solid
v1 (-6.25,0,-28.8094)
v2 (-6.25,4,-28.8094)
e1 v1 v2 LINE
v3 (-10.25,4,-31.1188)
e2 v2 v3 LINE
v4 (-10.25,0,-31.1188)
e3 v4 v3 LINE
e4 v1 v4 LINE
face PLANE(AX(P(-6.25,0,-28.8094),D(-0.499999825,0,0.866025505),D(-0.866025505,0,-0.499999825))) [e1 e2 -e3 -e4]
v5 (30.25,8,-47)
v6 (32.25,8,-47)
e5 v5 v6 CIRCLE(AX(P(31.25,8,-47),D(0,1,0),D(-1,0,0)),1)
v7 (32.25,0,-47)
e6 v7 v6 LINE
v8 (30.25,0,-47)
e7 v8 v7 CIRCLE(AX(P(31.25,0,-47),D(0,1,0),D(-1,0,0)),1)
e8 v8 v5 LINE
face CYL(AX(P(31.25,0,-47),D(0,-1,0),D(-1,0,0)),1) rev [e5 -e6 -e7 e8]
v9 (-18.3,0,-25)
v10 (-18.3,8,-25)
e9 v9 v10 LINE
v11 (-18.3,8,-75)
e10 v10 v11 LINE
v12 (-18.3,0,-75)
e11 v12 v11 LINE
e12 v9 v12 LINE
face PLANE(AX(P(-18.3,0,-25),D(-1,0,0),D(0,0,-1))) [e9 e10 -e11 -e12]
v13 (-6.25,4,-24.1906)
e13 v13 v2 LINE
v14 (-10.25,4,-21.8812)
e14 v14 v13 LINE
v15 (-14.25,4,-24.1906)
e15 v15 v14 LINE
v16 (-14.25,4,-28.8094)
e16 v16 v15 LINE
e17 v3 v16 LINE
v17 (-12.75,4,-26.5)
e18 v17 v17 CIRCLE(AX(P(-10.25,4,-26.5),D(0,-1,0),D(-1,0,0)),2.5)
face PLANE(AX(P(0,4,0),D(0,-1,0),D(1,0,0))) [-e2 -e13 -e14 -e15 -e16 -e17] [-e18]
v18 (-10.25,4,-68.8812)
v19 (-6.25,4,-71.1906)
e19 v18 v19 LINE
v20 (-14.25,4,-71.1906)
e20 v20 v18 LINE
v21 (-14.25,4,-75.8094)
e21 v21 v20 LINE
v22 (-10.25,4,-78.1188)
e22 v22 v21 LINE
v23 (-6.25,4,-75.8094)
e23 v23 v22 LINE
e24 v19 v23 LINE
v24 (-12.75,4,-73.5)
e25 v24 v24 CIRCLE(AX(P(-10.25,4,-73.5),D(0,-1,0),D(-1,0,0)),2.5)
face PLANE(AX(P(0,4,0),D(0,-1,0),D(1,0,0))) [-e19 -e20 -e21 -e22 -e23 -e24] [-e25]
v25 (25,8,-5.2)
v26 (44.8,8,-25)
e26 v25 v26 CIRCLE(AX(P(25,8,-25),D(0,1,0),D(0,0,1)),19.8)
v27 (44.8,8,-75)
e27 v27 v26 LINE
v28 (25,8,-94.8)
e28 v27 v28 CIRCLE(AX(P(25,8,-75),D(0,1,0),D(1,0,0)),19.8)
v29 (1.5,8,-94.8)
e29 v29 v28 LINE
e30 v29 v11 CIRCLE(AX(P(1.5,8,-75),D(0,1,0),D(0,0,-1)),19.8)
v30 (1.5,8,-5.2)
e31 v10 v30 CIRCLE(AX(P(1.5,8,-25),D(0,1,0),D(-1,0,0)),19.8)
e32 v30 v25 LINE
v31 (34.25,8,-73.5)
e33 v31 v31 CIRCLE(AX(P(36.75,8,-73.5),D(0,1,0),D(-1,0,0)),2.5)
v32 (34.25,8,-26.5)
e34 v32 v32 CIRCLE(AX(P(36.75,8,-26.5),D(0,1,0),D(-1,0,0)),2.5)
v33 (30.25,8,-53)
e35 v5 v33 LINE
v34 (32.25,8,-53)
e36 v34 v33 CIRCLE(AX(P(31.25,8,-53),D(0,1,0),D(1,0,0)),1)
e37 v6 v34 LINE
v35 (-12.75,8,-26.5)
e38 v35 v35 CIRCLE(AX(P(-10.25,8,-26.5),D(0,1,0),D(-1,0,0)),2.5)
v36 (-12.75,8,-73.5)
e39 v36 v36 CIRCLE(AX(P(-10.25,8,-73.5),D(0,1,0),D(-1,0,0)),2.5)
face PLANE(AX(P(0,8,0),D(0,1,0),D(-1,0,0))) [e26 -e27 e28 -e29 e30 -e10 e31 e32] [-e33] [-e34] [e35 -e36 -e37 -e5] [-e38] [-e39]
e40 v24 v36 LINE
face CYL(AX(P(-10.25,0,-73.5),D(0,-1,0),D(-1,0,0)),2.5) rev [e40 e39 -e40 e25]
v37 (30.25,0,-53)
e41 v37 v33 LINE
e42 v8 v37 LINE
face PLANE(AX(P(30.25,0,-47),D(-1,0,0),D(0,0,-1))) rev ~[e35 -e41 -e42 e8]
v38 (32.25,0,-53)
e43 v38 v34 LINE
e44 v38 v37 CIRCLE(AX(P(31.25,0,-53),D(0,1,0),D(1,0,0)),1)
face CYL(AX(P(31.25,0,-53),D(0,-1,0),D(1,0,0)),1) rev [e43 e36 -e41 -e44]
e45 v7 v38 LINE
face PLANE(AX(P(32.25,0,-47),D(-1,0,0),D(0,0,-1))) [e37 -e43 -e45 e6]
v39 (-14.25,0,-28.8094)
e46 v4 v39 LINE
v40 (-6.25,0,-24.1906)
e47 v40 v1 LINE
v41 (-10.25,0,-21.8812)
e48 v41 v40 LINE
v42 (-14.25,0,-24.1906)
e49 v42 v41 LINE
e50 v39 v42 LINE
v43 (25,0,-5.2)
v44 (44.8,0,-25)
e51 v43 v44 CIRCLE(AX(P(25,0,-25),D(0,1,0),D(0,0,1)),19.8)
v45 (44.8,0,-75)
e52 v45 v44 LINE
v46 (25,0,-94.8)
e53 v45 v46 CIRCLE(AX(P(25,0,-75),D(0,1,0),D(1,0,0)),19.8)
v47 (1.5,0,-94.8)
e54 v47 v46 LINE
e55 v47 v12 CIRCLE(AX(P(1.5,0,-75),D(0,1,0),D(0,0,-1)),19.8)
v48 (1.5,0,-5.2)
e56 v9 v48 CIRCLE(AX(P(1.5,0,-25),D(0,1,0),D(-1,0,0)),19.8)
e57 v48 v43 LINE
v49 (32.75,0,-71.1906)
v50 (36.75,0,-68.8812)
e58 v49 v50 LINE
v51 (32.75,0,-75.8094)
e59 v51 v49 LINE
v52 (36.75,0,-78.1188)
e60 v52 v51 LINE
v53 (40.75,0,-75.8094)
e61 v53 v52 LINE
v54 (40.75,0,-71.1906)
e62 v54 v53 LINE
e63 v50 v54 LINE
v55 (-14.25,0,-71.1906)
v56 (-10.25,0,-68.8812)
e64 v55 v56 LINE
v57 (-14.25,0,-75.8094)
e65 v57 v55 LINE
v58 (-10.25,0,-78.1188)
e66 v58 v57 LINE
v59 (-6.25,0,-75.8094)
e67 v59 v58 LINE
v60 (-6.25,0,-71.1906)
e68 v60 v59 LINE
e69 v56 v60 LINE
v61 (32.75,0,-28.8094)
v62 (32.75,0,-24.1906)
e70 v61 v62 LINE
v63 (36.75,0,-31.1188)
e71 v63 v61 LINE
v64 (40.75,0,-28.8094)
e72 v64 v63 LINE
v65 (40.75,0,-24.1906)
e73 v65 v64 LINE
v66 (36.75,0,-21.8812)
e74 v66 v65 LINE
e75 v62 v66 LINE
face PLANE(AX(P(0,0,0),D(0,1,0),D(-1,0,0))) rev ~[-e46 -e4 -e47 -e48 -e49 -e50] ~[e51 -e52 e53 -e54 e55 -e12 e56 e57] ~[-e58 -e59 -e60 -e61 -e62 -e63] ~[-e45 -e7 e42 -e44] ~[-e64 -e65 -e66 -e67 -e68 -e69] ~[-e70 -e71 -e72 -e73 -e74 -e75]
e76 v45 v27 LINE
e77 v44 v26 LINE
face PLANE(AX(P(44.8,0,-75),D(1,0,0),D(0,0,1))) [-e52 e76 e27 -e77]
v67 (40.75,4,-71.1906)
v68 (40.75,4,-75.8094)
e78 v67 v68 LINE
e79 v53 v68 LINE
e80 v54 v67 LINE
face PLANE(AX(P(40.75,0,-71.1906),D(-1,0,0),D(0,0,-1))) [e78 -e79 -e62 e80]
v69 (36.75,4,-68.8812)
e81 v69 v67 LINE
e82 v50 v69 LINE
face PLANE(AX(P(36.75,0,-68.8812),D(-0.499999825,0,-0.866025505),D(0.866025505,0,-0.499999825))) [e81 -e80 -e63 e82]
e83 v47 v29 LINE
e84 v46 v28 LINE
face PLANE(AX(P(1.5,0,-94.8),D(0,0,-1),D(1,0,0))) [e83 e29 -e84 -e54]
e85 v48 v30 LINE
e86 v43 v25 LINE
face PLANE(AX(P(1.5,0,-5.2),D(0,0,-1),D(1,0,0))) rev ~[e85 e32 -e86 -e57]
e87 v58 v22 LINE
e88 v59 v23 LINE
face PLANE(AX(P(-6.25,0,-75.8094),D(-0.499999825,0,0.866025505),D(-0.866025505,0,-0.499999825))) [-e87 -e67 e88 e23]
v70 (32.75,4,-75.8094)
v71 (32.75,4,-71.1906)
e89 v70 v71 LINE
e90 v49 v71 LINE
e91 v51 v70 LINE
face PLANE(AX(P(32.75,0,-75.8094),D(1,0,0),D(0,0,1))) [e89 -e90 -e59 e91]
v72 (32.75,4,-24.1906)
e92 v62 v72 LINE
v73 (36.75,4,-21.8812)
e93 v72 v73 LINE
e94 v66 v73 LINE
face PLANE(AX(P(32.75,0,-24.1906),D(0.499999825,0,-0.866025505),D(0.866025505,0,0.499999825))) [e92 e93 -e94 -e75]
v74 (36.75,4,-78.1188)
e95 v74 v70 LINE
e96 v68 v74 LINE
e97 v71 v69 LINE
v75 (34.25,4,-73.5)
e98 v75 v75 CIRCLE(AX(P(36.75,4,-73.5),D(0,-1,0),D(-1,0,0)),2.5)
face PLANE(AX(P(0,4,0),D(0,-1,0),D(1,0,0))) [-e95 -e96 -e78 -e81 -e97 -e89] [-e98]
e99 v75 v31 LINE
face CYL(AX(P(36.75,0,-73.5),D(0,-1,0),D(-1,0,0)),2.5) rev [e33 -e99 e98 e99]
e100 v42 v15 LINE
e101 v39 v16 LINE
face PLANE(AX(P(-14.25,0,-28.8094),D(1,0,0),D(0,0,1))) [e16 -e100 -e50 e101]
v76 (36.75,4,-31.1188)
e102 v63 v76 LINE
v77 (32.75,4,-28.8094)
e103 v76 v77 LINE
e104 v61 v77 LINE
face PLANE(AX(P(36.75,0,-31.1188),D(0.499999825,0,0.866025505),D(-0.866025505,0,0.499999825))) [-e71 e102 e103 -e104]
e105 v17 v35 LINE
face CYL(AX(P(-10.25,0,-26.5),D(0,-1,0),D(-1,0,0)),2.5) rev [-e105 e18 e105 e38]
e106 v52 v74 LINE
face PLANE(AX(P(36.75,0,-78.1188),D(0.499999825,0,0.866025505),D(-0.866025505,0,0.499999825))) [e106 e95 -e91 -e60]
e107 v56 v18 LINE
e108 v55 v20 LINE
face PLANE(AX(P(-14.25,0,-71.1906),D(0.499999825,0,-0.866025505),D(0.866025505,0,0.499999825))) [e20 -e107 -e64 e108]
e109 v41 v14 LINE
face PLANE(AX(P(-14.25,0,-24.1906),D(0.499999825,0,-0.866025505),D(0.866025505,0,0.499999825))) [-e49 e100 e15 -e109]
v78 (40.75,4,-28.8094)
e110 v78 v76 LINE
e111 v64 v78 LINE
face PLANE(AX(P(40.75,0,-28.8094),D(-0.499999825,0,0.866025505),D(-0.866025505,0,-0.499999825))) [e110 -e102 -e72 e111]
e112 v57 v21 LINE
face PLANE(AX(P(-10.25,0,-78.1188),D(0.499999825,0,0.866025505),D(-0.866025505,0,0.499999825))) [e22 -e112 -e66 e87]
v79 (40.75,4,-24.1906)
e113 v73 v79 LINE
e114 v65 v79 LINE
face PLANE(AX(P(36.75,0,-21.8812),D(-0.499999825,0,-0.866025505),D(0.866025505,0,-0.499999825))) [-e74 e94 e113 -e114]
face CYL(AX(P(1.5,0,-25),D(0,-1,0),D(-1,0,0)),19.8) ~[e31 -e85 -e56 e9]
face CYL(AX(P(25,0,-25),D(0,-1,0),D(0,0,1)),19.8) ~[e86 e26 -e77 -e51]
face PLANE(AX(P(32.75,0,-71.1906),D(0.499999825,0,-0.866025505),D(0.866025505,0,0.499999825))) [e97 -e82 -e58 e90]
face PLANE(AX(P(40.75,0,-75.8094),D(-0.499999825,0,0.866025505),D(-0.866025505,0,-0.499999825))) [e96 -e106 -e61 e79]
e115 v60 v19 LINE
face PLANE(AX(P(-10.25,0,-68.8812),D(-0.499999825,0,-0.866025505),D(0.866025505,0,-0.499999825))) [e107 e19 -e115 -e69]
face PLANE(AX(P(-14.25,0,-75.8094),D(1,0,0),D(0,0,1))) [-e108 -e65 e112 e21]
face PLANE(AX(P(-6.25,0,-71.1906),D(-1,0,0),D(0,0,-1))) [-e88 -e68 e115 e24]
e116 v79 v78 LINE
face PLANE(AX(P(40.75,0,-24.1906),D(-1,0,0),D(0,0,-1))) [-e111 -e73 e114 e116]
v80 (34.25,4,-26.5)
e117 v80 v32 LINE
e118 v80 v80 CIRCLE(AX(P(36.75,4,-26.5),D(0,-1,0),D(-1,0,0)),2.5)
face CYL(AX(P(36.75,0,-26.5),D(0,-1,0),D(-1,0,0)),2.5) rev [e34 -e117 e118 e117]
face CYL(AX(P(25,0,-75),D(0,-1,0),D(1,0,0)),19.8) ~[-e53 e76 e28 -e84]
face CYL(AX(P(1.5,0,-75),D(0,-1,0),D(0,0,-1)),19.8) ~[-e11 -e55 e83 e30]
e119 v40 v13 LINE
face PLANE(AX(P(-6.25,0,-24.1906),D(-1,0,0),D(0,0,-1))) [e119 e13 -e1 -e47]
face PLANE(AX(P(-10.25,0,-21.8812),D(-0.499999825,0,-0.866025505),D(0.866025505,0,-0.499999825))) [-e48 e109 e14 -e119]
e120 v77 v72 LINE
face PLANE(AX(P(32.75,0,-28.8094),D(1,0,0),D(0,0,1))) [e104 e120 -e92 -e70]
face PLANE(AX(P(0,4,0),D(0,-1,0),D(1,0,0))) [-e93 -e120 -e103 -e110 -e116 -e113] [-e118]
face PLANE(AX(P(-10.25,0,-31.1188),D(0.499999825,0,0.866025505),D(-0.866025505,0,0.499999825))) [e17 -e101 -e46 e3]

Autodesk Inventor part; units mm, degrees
ref_plane "YZ Plane" through (0, 0, 0) normal (1, 0, 0) x (0, 1, 0)
ref_plane "XZ Plane" through (0, 0, 0) normal (0, 1, 0) x (-1, 0, 0)
ref_plane "XY Plane" through (0, 0, 0) normal (0, 0, 1) x (1, 0, 0)
sketch "Sketch1" plane through (0, 0, 0) normal (0, 1, 0) x (-1, 0, 0)
  line L0 (-44.8, -75) -> (-44.8, -25)
  arc A0 (-25, -5.2) -> (-44.8, -25) centre (-25, -25) ccw
  arc A1 (-44.8, -75) -> (-25, -94.8) centre (-25, -75) ccw
  circle A2 centre (10.25, -26.5) radius 2.5
  circle A3 centre (10.25, -73.5) radius 2.5
  circle A4 centre (-36.75, -73.5) radius 2.5
  circle A5 centre (-36.75, -26.5) radius 2.5
  arc A6 (18.3, -25) -> (-1.5, -5.2) centre (-1.5, -25) ccw
  arc A7 (-1.5, -94.8) -> (18.3, -75) centre (-1.5, -75) ccw
  line L1 (18.3, -25) -> (18.3, -75)
  arc A8 (-30.25, -47) -> (-32.25, -47) centre (-31.25, -47) ccw
  arc A9 (-32.25, -53) -> (-30.25, -53) centre (-31.25, -53) ccw
  line L2 (-30.25, -47) -> (-30.25, -53)
  line L3 (-32.25, -47) -> (-32.25, -53)
  line L4 (-1.5, -5.2) -> (-25, -5.2)
  line L5 (-1.5, -94.8) -> (-25, -94.8)
  point P0 (0, 0)
  point P1 (0, 0)
  point P2 (47, 5)
  point P3 (47, 93)
  point P4 (47, 95)
  point P5 (47, 25)
  point P6 (45, 25)
  point P7 (45, 75)
  point P8 (47, 75)
  point P9 (25, 5)
  point P10 (45, 25)
  point P11 (25, 95)
  point P12 (45, 75)
  dimension "d62" = 5
  dimension "d63" = 5
  dimension "d64" = 5
  dimension "d65" = 5
  dimension "d67" = 39.6
  dimension "d68" = 39.6
extrude "Extrusion6" add sketch "Sketch1" along normal blind 8
sketch "Sketch7" plane through (0, 0, 0) normal (0, -1, 0) x (1, 0, 0)
  line L0 (40.75, -28.8094) -> (36.75, -31.1188)
  line L1 (36.75, -31.1188) -> (32.75, -28.8094)
  line L2 (32.75, -28.8094) -> (32.75, -24.1906)
  line L3 (32.75, -24.1906) -> (36.75, -21.8812)
  line L4 (36.75, -21.8812) -> (40.75, -24.1906)
  line L5 (40.75, -24.1906) -> (40.75, -28.8094)
  line L6 (40.75, -75.8094) -> (36.75, -78.1188)
  line L7 (36.75, -78.1188) -> (32.75, -75.8094)
  line L8 (32.75, -75.8094) -> (32.75, -71.1906)
  line L9 (32.75, -71.1906) -> (36.75, -68.8812)
  line L10 (36.75, -68.8812) -> (40.75, -71.1906)
  line L11 (40.75, -71.1906) -> (40.75, -75.8094)
  line L12 (-6.25, -75.8094) -> (-10.25, -78.1188)
  line L13 (-10.25, -78.1188) -> (-14.25, -75.8094)
  line L14 (-14.25, -75.8094) -> (-14.25, -71.1906)
  line L15 (-14.25, -71.1906) -> (-10.25, -68.8812)
  line L16 (-10.25, -68.8812) -> (-6.25, -71.1906)
  line L17 (-6.25, -71.1906) -> (-6.25, -75.8094)
  line L18 (-6.25, -28.8094) -> (-10.25, -31.1188)
  line L19 (-10.25, -31.1188) -> (-14.25, -28.8094)
  line L20 (-14.25, -28.8094) -> (-14.25, -24.1906)
  line L21 (-14.25, -24.1906) -> (-10.25, -21.8812)
  line L22 (-10.25, -21.8812) -> (-6.25, -24.1906)
  line L23 (-6.25, -24.1906) -> (-6.25, -28.8094)
  point P0 (0, 0)
extrude "Extrusion7" cut sketch "Sketch7" against normal blind 4
properties part number "Podstawa_najwiekszy_silnik"
